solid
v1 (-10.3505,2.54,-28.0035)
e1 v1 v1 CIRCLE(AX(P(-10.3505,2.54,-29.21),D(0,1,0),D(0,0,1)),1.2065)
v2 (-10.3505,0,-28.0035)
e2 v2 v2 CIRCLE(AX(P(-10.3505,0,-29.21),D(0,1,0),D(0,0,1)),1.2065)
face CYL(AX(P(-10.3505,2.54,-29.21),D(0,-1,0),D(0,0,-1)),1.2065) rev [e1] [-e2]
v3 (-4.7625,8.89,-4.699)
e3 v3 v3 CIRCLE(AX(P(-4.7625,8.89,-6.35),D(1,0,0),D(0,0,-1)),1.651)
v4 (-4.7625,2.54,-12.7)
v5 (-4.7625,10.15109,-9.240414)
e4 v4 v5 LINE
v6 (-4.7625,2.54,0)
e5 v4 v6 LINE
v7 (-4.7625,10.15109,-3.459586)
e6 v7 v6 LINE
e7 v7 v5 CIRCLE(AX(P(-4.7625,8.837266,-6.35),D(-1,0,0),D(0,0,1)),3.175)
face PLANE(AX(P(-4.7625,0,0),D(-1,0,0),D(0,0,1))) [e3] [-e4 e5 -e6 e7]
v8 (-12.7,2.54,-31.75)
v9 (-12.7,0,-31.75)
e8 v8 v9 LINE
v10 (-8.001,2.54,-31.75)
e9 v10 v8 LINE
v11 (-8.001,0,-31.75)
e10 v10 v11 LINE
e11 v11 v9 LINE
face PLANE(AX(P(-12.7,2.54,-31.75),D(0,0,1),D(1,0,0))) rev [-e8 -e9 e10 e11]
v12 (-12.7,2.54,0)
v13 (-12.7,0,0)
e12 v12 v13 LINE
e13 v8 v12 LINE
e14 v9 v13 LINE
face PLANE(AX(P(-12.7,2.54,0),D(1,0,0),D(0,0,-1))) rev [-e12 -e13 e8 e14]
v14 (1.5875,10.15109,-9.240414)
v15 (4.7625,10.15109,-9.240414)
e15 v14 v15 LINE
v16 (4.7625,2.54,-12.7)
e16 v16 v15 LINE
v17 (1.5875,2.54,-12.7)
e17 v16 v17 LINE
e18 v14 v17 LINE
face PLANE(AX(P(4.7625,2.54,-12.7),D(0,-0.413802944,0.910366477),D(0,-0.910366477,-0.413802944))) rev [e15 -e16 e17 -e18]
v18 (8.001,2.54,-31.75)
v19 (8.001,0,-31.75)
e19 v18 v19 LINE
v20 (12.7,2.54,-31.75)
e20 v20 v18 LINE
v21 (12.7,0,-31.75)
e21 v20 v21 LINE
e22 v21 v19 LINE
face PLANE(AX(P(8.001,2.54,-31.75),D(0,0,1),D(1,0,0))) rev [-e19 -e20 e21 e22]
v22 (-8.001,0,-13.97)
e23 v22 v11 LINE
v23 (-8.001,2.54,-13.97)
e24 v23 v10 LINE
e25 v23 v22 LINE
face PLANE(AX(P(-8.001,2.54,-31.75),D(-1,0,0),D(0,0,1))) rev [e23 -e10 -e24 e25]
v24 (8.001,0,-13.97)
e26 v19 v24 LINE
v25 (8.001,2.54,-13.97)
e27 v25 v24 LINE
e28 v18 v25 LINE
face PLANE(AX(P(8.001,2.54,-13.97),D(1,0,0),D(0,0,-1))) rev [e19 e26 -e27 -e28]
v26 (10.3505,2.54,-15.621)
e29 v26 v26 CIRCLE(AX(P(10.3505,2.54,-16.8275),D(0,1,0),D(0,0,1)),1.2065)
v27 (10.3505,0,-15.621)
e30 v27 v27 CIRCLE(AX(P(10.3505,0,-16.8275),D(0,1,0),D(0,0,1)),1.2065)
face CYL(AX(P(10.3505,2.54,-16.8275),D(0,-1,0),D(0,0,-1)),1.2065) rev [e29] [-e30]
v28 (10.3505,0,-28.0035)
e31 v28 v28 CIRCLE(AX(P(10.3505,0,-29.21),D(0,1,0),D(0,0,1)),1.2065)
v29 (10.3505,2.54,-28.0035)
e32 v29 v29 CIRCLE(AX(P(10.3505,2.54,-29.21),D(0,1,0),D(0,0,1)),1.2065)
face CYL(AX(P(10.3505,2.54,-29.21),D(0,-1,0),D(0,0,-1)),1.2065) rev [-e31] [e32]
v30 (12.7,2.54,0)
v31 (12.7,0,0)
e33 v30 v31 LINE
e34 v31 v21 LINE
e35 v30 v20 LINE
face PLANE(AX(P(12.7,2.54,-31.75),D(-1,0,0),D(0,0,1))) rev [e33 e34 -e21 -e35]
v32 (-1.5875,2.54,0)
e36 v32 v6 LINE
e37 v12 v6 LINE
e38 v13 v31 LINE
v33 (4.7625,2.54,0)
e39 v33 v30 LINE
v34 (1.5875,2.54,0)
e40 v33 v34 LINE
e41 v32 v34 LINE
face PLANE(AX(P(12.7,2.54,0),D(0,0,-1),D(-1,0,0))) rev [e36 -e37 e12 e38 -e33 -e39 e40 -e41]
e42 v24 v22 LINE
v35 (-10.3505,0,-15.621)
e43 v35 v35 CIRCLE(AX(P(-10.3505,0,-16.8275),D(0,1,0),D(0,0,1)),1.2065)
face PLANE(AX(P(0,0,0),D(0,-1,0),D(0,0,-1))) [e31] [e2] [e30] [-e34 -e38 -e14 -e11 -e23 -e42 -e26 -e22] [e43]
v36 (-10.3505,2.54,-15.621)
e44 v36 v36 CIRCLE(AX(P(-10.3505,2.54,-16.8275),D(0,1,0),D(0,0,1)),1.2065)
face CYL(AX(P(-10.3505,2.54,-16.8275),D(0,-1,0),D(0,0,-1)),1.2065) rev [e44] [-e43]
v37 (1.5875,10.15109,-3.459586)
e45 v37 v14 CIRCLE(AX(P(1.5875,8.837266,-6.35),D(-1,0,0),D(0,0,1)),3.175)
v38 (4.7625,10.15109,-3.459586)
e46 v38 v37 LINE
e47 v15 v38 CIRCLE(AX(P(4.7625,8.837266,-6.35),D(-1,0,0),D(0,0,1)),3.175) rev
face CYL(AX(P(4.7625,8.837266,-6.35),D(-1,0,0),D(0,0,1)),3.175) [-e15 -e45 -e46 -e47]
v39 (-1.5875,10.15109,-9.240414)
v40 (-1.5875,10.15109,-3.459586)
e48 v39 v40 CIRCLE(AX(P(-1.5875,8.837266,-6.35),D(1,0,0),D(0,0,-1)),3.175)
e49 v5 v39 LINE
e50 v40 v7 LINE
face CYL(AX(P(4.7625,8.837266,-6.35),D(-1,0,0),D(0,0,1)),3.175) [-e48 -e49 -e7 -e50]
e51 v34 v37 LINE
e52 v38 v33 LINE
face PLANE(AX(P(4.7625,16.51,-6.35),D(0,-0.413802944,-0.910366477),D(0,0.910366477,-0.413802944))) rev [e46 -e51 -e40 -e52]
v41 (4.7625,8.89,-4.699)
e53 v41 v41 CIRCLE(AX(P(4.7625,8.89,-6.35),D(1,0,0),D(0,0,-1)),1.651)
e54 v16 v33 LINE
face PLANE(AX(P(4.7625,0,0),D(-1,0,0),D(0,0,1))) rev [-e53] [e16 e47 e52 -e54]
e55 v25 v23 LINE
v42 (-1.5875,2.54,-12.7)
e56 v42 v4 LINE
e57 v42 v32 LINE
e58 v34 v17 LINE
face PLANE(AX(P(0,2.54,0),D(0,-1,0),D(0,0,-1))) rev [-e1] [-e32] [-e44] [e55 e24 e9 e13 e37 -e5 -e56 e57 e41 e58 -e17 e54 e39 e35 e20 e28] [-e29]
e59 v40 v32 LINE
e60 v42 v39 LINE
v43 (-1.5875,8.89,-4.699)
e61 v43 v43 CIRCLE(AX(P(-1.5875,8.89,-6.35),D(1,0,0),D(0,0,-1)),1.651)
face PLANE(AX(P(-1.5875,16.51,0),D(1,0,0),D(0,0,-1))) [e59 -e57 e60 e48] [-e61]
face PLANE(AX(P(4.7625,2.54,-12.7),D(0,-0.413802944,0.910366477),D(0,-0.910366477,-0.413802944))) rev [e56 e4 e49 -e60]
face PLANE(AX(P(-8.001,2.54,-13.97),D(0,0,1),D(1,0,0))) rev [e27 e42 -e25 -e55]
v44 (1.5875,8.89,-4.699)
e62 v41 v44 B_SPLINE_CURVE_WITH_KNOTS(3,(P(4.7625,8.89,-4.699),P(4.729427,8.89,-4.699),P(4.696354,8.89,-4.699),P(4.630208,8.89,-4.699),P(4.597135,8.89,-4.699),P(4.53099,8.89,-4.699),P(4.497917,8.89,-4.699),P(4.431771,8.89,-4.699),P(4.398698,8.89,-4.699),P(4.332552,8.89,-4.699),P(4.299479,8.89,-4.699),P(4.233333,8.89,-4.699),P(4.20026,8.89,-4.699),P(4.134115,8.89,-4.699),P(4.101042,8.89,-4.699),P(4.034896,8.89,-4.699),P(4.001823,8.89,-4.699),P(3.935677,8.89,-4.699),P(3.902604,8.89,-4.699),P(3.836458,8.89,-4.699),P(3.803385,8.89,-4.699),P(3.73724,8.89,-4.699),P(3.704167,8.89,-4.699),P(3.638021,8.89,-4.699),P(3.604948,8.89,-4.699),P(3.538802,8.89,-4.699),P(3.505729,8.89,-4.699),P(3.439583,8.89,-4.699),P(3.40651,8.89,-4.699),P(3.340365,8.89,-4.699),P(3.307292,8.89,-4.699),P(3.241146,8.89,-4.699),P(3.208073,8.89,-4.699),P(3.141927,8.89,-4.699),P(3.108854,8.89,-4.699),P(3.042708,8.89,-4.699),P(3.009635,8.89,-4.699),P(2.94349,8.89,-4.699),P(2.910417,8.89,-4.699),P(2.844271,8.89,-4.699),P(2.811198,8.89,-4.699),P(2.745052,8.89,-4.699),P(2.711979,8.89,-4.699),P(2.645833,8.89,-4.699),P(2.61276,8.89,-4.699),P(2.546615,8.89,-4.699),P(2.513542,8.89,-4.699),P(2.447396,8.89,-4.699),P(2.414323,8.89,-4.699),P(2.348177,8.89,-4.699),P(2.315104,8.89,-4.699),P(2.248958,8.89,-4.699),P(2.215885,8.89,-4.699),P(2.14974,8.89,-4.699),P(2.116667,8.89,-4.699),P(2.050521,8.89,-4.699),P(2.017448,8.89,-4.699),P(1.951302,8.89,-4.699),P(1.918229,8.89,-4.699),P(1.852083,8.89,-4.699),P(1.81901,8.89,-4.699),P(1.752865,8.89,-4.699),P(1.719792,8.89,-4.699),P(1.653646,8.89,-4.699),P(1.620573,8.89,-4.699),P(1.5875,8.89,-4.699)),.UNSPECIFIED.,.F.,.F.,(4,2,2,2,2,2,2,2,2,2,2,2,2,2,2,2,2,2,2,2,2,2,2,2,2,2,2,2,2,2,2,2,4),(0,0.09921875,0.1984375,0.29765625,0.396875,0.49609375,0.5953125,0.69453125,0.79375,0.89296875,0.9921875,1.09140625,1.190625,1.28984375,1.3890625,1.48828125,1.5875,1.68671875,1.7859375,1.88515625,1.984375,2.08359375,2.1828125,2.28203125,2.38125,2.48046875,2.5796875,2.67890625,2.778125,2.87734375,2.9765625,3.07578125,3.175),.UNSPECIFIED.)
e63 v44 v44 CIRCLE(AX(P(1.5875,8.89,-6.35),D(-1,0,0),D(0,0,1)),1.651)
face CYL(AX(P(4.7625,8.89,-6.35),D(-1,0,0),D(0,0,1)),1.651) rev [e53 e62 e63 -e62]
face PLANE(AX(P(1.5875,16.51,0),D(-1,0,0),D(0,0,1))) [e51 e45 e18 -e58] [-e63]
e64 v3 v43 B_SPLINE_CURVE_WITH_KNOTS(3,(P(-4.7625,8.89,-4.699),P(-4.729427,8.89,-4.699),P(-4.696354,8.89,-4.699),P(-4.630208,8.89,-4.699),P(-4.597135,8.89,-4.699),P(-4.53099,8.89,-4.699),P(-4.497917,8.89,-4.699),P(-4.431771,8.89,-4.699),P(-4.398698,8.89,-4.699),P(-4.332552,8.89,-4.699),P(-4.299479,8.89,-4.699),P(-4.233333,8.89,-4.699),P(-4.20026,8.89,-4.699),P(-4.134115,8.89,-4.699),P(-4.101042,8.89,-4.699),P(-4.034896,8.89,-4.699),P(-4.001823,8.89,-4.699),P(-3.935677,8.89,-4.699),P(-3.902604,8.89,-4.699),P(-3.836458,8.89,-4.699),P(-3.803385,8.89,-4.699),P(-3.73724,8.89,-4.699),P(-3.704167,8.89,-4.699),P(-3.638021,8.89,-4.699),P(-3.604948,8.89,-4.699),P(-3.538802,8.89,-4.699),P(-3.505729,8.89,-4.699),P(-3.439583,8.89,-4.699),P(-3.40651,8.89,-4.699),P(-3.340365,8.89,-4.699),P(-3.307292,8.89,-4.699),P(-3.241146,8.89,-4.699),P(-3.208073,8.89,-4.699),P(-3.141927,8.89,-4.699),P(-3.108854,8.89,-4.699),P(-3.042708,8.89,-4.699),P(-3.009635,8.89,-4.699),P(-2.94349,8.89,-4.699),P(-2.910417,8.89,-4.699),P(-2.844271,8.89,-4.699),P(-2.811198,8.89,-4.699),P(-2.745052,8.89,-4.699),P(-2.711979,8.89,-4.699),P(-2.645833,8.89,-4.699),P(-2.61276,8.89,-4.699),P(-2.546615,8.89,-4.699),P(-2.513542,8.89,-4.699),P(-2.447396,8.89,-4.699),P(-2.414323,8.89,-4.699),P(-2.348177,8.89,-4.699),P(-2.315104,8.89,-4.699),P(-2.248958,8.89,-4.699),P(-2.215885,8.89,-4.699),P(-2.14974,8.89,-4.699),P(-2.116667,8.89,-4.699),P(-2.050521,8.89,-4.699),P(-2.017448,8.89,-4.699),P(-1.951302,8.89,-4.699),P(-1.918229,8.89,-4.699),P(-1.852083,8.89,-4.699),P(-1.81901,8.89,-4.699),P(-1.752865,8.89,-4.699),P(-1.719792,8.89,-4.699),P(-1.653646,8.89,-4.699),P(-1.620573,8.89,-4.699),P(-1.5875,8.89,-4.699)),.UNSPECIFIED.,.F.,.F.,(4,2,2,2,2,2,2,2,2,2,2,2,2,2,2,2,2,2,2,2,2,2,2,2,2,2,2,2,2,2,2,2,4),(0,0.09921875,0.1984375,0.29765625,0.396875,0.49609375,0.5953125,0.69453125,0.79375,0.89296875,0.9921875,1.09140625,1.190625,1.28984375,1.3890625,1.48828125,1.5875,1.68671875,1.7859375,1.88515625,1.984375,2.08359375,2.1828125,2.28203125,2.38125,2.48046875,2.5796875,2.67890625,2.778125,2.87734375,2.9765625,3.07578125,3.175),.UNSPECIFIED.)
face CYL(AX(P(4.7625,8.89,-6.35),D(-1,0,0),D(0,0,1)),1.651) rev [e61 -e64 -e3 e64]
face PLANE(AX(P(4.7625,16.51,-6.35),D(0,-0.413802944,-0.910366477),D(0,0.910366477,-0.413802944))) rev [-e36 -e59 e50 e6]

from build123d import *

# Parameters (mm, degrees)
SKETCH1_R           = 1.2065
BOSS_EXTRUDE1_DEPTH = 2.54
SKETCH2_R           = 1.651
BOSS_EXTRUDE2_DEPTH = 4.7625
SKETCH3_W           = 3.175
SKETCH3_H           = 12.7
CUT_EXTRUDE1_DEPTH  = 13.97
FILLET1_R           = 3.175


with BuildPart() as part:
    # Sketch1 → Boss-Extrude1 (new body)
    with BuildSketch(Plane(origin=(0, 0, 0), x_dir=(1, 0, 0), z_dir=(0, 1, 0))):
        Polygon((-12.7, 0), (-12.7, 31.75), (-8.001, 31.75), (-8.001, 13.97), (8.001, 13.97), (8.001, 31.75), (12.7, 31.75), (12.7, 0), align=None)
        with Locations(Location((-10.3505, 29.21, 0), (0, 0, 270))):
            Circle(SKETCH1_R, mode=Mode.SUBTRACT)
        with Locations(Location((-10.3505, 16.8275, 0), (0, 0, 270))):
            Circle(SKETCH1_R, mode=Mode.SUBTRACT)
        with Locations(Location((10.3505, 29.21, 0), (0, 0, 270))):
            Circle(SKETCH1_R, mode=Mode.SUBTRACT)
        with Locations(Location((10.3505, 16.8275, 0), (0, 0, 270))):
            Circle(SKETCH1_R, mode=Mode.SUBTRACT)
    extrude(amount=BOSS_EXTRUDE1_DEPTH)

    # Sketch2 → Boss-Extrude2 (add, symmetric)
    with BuildSketch(Plane(origin=(0, 0, 0), x_dir=(0, 0, -1), z_dir=(1, 0, 0))):
        Polygon((12.7, 2.54), (6.35, 16.51), (0, 2.54), align=None)
        with Locations(Location((6.35, 8.89, 0), (0, 0, 180))):
            Circle(SKETCH2_R, mode=Mode.SUBTRACT)
    extrude(amount=BOSS_EXTRUDE2_DEPTH, both=True)

    # Sketch3 → Cut-Extrude1 (cut)
    with BuildSketch(Plane(origin=(0, 2.54, 0), x_dir=(1, 0, 0), z_dir=(0, 1, 0))):
        with Locations((0, 6.35)):
            Rectangle(SKETCH3_W, SKETCH3_H)
    extrude(amount=CUT_EXTRUDE1_DEPTH, mode=Mode.SUBTRACT)

    # Fillet1
    fillet1_edges = [part.edges().sort_by_distance(p)[0] for p in [
        (3.175, 16.51, -6.35),
        (-3.175, 16.51, -6.35),
    ]]
    fillet(fillet1_edges, radius=FILLET1_R)


solid = part.part
